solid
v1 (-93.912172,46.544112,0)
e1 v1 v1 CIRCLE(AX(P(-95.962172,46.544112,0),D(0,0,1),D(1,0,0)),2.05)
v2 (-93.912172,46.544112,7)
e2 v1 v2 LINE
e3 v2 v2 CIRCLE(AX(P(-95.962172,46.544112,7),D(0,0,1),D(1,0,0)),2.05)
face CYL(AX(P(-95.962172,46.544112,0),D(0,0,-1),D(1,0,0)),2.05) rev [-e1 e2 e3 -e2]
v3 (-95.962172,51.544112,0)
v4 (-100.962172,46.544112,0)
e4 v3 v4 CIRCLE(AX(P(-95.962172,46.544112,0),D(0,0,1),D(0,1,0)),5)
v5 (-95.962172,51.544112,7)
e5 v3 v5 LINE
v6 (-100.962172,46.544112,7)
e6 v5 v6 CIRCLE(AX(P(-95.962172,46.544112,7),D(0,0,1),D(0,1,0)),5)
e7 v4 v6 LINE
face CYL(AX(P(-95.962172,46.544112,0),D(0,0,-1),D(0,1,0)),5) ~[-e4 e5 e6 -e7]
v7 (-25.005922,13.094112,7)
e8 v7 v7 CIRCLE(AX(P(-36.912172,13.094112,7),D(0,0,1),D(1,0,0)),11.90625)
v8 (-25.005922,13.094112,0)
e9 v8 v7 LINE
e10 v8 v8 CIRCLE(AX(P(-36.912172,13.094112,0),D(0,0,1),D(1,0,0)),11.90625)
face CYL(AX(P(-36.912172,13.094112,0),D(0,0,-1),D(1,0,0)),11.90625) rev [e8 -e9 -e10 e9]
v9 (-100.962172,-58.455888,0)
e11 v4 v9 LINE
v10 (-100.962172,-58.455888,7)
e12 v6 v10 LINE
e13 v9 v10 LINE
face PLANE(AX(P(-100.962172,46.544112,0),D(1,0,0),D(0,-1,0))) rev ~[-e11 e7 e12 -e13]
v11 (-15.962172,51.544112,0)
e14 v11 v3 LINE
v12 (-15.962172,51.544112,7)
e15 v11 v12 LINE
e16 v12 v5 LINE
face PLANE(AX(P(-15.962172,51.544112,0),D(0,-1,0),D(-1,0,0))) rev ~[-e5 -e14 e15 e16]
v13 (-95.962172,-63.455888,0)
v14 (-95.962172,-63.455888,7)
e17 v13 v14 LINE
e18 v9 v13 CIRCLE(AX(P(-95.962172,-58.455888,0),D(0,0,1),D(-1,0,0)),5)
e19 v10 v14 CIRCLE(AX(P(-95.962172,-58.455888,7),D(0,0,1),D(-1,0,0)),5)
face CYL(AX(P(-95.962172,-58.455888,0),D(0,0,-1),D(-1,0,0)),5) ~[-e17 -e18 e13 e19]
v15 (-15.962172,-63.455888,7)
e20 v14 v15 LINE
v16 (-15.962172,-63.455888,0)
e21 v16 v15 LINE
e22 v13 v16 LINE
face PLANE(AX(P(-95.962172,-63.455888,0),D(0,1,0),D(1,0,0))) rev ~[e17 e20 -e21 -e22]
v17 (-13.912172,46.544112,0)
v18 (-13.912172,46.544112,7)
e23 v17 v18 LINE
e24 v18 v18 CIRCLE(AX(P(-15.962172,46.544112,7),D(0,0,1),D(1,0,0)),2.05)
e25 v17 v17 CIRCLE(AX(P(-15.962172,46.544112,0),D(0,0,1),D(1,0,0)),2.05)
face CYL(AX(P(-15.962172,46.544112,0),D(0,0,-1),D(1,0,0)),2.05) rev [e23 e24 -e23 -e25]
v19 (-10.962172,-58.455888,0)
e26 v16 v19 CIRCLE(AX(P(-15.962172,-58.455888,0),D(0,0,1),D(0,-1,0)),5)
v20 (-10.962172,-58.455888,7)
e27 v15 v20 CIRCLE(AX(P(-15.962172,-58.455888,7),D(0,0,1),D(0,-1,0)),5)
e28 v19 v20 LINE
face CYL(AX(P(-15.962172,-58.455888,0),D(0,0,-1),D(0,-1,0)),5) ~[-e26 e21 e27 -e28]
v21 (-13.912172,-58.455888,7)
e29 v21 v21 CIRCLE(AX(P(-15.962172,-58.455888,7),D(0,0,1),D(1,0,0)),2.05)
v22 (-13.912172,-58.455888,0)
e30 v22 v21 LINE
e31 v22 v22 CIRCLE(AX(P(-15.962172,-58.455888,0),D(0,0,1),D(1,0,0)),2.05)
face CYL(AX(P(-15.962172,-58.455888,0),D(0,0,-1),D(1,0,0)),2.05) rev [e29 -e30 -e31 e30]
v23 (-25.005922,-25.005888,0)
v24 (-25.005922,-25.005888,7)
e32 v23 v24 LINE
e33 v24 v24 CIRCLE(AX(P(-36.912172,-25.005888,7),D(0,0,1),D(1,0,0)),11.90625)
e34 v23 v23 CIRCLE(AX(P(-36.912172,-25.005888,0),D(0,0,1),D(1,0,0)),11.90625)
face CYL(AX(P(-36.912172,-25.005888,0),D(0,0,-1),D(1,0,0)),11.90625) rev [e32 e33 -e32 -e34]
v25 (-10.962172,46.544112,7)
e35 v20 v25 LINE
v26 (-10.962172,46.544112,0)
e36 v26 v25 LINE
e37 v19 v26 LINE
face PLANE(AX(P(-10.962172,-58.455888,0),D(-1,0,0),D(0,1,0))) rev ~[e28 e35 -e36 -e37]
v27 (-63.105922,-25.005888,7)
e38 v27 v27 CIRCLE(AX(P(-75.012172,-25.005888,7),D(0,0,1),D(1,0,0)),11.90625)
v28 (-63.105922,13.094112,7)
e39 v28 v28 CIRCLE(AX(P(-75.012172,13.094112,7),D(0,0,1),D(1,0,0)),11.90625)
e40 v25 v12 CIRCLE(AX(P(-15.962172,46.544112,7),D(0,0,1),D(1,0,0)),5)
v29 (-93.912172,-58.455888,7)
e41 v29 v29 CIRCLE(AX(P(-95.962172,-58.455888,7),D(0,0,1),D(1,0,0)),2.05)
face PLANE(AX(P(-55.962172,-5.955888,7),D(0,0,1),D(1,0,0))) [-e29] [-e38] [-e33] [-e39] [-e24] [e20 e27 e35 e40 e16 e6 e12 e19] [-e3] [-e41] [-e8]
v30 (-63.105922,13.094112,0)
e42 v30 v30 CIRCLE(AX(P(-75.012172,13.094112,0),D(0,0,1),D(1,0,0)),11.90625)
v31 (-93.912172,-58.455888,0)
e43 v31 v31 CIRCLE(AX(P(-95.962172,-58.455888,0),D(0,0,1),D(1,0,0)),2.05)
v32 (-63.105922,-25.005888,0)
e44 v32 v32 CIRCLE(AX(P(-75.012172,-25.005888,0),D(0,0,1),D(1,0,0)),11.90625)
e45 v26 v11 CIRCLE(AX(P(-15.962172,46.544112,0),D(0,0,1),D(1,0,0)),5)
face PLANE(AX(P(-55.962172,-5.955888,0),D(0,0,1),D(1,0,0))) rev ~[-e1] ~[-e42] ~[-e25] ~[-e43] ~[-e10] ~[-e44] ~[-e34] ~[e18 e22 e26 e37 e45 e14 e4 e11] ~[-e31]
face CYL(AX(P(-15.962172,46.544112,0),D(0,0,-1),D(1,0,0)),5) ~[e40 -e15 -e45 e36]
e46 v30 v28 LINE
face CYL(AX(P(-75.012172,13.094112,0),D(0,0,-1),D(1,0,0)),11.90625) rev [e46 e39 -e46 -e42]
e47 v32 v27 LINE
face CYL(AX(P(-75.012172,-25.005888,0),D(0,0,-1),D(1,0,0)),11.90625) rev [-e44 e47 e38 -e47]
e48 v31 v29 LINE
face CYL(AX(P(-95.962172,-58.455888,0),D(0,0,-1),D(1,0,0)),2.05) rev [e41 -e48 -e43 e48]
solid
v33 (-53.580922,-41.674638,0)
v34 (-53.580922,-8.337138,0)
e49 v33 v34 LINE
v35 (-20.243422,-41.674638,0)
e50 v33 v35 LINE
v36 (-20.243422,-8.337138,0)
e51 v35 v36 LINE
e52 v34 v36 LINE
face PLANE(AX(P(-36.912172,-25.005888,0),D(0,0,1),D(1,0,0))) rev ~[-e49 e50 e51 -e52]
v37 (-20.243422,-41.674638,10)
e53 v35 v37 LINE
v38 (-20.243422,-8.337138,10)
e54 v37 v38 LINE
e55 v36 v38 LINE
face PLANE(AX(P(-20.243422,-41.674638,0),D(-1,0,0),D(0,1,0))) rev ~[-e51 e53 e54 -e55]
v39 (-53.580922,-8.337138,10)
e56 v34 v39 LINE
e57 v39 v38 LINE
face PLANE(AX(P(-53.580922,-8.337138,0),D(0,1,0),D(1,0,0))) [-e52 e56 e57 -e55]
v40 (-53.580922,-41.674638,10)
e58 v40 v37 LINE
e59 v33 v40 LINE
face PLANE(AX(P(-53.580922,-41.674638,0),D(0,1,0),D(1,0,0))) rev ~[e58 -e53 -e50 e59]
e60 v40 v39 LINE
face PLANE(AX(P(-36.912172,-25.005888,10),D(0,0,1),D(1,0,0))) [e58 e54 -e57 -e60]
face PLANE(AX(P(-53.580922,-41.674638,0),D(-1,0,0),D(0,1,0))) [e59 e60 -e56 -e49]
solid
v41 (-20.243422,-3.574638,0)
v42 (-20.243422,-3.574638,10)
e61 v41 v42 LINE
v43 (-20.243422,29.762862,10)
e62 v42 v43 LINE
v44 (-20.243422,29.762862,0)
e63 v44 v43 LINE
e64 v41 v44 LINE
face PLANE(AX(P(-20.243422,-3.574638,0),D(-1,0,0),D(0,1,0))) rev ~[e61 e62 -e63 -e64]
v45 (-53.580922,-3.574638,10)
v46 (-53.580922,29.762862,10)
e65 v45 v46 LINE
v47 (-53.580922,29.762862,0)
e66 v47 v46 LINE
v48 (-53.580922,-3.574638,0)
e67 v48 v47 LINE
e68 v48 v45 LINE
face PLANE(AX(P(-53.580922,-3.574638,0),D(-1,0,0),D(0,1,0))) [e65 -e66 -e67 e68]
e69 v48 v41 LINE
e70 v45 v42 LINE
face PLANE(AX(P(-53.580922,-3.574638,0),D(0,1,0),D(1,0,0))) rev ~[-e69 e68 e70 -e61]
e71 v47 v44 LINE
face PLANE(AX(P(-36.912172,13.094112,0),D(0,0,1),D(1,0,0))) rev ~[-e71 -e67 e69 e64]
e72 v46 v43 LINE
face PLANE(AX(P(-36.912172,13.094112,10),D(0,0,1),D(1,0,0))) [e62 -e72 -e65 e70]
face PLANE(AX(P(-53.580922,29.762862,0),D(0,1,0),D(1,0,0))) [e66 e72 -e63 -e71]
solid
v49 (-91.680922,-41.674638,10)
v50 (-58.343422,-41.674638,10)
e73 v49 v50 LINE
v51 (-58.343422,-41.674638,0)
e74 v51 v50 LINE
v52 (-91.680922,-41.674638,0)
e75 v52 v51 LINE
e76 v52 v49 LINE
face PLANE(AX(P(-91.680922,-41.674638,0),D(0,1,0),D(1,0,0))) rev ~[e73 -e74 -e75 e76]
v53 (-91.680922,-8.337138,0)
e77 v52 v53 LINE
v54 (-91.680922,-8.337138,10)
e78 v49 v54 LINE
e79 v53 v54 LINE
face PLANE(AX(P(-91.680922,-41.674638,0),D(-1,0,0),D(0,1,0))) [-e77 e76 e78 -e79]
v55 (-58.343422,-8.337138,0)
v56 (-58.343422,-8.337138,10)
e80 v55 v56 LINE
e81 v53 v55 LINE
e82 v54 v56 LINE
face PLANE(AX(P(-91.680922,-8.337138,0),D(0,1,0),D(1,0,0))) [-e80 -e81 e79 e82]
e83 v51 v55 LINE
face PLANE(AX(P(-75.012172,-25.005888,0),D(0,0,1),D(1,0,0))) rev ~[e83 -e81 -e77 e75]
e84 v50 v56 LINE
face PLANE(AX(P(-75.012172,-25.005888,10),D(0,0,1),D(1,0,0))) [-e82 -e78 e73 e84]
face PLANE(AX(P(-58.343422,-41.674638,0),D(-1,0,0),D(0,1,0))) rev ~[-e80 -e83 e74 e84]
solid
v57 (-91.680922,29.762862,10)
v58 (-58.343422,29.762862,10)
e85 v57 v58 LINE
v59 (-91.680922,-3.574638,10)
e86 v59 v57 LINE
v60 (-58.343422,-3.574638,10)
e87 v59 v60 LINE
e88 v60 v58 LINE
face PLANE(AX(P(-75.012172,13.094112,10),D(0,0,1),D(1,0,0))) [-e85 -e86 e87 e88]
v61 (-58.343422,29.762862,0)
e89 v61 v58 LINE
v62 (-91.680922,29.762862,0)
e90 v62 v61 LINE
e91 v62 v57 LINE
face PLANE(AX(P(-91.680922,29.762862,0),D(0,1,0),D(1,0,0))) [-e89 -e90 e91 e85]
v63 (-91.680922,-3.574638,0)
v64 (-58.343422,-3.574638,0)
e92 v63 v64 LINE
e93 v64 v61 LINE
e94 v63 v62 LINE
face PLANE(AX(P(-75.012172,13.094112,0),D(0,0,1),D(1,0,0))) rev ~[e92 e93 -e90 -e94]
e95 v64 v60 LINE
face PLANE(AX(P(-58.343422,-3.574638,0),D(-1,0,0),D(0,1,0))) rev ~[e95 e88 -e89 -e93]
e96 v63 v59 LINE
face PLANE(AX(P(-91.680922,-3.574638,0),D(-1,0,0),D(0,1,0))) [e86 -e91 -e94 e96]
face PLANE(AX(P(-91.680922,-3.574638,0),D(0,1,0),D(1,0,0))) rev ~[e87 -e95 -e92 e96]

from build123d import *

# Parameters (mm, degrees)
F0_R     = 2.05
F0_W     = 33.3375
F0_H     = 33.3375
F0_R_2   = 11.90625
F1_DEPTH = 7
F2_DEPTH = 10


with BuildPart() as f1:
    # F0 (on Top) → F1 (new body)
    with BuildSketch(Plane.XY):
        with BuildLine():
            Line((-15.9621723817, 51.5441118397), (-95.9621723817, 51.5441118397))
            ThreePointArc((-95.9621723817, 51.5441118397), (-99.4977062877, 50.0796457456), (-100.9621723817, 46.5441118397))
            Line((-100.9621723817, 46.5441118397), (-100.9621723817, -58.4558881603))
            ThreePointArc((-100.9621723817, -58.4558881603), (-99.4977062877, -61.9914220662), (-95.9621723817, -63.4558881603))
            Line((-95.9621723817, -63.4558881603), (-15.9621723817, -63.4558881603))
            ThreePointArc((-15.9621723817, -63.4558881603), (-12.4266384758, -61.9914220662), (-10.9621723817, -58.4558881603))
            Line((-10.9621723817, -58.4558881603), (-10.9621723817, 46.5441118397))
            ThreePointArc((-10.9621723817, 46.5441118397), (-12.4266384758, 50.0796457456), (-15.9621723817, 51.5441118397))
        make_face()
        with Locations((-95.9621723817, -58.4558881603)):
            Circle(F0_R, mode=Mode.SUBTRACT)
        with Locations((-15.9621723817, -58.4558881603)):
            Circle(F0_R, mode=Mode.SUBTRACT)
        with Locations((-75.0121723817, -25.0058881603)):
            Rectangle(F0_W, F0_H, mode=Mode.SUBTRACT)
        with Locations((-36.9121723817, -25.0058881603)):
            Rectangle(F0_W, F0_H, mode=Mode.SUBTRACT)
        with Locations((-75.0121723817, 13.0941118397)):
            Rectangle(F0_W, F0_H, mode=Mode.SUBTRACT)
        with Locations((-36.9121723817, 13.0941118397)):
            Rectangle(F0_W, F0_H, mode=Mode.SUBTRACT)
        with Locations((-95.9621723817, 46.5441118397)):
            Circle(F0_R, mode=Mode.SUBTRACT)
        with Locations((-15.9621723817, 46.5441118397)):
            Circle(F0_R, mode=Mode.SUBTRACT)
        with Locations((-75.0121723817, 13.0941118397)):
            Rectangle(F0_W, F0_H)
        with Locations((-75.0121723817, 13.0941118397)):
            Circle(F0_R_2, mode=Mode.SUBTRACT)
        with Locations((-36.9121723817, 13.0941118397)):
            Rectangle(F0_W, F0_H)
        with Locations((-36.9121723817, 13.0941118397)):
            Circle(F0_R_2, mode=Mode.SUBTRACT)
        with Locations((-75.0121723817, -25.0058881603)):
            Rectangle(F0_W, F0_H)
        with Locations((-75.0121723817, -25.0058881603)):
            Circle(F0_R_2, mode=Mode.SUBTRACT)
        with Locations((-36.9121723817, -25.0058881603)):
            Rectangle(F0_W, F0_H)
        with Locations((-36.9121723817, -25.0058881603)):
            Circle(F0_R_2, mode=Mode.SUBTRACT)
    extrude(amount=F1_DEPTH)


with BuildPart() as f2:
    # F0 (on Top) → F2 (new body)
    with BuildSketch(Plane.XY):
        with Locations((-36.9121723817, 13.0941118397)):
            Rectangle(F0_W, F0_H)
        with Locations((-36.9121723817, 13.0941118397)):
            Circle(F0_R_2, mode=Mode.SUBTRACT)
        with Locations((-36.9121723817, 13.0941118397)):
            Circle(F0_R_2)
    extrude(amount=F2_DEPTH)


with BuildPart() as f2b:
    # F0 (on Top) → F2, piece 2 (new body)
    with BuildSketch(Plane.XY):
        with Locations((-75.0121723817, 13.0941118397)):
            Rectangle(F0_W, F0_H)
        with Locations((-75.0121723817, 13.0941118397)):
            Circle(F0_R_2, mode=Mode.SUBTRACT)
        with Locations((-75.0121723817, 13.0941118397)):
            Circle(F0_R_2)
    extrude(amount=F2_DEPTH)


with BuildPart() as f2c:
    # F0 (on Top) → F2, piece 3 (new body)
    with BuildSketch(Plane.XY):
        with Locations((-36.9121723817, -25.0058881603)):
            Rectangle(F0_W, F0_H)
        with Locations((-36.9121723817, -25.0058881603)):
            Circle(F0_R_2, mode=Mode.SUBTRACT)
        with Locations((-36.9121723817, -25.0058881603)):
            Circle(F0_R_2)
    extrude(amount=F2_DEPTH)


with BuildPart() as f2d:
    # F0 (on Top) → F2, piece 4 (new body)
    with BuildSketch(Plane.XY):
        with Locations((-75.0121723817, -25.0058881603)):
            Rectangle(F0_W, F0_H)
        with Locations((-75.0121723817, -25.0058881603)):
            Circle(F0_R_2, mode=Mode.SUBTRACT)
        with Locations((-75.0121723817, -25.0058881603)):
            Circle(F0_R_2)
    extrude(amount=F2_DEPTH)


solid = Compound([f1.part, f2.part, f2b.part, f2c.part, f2d.part])
